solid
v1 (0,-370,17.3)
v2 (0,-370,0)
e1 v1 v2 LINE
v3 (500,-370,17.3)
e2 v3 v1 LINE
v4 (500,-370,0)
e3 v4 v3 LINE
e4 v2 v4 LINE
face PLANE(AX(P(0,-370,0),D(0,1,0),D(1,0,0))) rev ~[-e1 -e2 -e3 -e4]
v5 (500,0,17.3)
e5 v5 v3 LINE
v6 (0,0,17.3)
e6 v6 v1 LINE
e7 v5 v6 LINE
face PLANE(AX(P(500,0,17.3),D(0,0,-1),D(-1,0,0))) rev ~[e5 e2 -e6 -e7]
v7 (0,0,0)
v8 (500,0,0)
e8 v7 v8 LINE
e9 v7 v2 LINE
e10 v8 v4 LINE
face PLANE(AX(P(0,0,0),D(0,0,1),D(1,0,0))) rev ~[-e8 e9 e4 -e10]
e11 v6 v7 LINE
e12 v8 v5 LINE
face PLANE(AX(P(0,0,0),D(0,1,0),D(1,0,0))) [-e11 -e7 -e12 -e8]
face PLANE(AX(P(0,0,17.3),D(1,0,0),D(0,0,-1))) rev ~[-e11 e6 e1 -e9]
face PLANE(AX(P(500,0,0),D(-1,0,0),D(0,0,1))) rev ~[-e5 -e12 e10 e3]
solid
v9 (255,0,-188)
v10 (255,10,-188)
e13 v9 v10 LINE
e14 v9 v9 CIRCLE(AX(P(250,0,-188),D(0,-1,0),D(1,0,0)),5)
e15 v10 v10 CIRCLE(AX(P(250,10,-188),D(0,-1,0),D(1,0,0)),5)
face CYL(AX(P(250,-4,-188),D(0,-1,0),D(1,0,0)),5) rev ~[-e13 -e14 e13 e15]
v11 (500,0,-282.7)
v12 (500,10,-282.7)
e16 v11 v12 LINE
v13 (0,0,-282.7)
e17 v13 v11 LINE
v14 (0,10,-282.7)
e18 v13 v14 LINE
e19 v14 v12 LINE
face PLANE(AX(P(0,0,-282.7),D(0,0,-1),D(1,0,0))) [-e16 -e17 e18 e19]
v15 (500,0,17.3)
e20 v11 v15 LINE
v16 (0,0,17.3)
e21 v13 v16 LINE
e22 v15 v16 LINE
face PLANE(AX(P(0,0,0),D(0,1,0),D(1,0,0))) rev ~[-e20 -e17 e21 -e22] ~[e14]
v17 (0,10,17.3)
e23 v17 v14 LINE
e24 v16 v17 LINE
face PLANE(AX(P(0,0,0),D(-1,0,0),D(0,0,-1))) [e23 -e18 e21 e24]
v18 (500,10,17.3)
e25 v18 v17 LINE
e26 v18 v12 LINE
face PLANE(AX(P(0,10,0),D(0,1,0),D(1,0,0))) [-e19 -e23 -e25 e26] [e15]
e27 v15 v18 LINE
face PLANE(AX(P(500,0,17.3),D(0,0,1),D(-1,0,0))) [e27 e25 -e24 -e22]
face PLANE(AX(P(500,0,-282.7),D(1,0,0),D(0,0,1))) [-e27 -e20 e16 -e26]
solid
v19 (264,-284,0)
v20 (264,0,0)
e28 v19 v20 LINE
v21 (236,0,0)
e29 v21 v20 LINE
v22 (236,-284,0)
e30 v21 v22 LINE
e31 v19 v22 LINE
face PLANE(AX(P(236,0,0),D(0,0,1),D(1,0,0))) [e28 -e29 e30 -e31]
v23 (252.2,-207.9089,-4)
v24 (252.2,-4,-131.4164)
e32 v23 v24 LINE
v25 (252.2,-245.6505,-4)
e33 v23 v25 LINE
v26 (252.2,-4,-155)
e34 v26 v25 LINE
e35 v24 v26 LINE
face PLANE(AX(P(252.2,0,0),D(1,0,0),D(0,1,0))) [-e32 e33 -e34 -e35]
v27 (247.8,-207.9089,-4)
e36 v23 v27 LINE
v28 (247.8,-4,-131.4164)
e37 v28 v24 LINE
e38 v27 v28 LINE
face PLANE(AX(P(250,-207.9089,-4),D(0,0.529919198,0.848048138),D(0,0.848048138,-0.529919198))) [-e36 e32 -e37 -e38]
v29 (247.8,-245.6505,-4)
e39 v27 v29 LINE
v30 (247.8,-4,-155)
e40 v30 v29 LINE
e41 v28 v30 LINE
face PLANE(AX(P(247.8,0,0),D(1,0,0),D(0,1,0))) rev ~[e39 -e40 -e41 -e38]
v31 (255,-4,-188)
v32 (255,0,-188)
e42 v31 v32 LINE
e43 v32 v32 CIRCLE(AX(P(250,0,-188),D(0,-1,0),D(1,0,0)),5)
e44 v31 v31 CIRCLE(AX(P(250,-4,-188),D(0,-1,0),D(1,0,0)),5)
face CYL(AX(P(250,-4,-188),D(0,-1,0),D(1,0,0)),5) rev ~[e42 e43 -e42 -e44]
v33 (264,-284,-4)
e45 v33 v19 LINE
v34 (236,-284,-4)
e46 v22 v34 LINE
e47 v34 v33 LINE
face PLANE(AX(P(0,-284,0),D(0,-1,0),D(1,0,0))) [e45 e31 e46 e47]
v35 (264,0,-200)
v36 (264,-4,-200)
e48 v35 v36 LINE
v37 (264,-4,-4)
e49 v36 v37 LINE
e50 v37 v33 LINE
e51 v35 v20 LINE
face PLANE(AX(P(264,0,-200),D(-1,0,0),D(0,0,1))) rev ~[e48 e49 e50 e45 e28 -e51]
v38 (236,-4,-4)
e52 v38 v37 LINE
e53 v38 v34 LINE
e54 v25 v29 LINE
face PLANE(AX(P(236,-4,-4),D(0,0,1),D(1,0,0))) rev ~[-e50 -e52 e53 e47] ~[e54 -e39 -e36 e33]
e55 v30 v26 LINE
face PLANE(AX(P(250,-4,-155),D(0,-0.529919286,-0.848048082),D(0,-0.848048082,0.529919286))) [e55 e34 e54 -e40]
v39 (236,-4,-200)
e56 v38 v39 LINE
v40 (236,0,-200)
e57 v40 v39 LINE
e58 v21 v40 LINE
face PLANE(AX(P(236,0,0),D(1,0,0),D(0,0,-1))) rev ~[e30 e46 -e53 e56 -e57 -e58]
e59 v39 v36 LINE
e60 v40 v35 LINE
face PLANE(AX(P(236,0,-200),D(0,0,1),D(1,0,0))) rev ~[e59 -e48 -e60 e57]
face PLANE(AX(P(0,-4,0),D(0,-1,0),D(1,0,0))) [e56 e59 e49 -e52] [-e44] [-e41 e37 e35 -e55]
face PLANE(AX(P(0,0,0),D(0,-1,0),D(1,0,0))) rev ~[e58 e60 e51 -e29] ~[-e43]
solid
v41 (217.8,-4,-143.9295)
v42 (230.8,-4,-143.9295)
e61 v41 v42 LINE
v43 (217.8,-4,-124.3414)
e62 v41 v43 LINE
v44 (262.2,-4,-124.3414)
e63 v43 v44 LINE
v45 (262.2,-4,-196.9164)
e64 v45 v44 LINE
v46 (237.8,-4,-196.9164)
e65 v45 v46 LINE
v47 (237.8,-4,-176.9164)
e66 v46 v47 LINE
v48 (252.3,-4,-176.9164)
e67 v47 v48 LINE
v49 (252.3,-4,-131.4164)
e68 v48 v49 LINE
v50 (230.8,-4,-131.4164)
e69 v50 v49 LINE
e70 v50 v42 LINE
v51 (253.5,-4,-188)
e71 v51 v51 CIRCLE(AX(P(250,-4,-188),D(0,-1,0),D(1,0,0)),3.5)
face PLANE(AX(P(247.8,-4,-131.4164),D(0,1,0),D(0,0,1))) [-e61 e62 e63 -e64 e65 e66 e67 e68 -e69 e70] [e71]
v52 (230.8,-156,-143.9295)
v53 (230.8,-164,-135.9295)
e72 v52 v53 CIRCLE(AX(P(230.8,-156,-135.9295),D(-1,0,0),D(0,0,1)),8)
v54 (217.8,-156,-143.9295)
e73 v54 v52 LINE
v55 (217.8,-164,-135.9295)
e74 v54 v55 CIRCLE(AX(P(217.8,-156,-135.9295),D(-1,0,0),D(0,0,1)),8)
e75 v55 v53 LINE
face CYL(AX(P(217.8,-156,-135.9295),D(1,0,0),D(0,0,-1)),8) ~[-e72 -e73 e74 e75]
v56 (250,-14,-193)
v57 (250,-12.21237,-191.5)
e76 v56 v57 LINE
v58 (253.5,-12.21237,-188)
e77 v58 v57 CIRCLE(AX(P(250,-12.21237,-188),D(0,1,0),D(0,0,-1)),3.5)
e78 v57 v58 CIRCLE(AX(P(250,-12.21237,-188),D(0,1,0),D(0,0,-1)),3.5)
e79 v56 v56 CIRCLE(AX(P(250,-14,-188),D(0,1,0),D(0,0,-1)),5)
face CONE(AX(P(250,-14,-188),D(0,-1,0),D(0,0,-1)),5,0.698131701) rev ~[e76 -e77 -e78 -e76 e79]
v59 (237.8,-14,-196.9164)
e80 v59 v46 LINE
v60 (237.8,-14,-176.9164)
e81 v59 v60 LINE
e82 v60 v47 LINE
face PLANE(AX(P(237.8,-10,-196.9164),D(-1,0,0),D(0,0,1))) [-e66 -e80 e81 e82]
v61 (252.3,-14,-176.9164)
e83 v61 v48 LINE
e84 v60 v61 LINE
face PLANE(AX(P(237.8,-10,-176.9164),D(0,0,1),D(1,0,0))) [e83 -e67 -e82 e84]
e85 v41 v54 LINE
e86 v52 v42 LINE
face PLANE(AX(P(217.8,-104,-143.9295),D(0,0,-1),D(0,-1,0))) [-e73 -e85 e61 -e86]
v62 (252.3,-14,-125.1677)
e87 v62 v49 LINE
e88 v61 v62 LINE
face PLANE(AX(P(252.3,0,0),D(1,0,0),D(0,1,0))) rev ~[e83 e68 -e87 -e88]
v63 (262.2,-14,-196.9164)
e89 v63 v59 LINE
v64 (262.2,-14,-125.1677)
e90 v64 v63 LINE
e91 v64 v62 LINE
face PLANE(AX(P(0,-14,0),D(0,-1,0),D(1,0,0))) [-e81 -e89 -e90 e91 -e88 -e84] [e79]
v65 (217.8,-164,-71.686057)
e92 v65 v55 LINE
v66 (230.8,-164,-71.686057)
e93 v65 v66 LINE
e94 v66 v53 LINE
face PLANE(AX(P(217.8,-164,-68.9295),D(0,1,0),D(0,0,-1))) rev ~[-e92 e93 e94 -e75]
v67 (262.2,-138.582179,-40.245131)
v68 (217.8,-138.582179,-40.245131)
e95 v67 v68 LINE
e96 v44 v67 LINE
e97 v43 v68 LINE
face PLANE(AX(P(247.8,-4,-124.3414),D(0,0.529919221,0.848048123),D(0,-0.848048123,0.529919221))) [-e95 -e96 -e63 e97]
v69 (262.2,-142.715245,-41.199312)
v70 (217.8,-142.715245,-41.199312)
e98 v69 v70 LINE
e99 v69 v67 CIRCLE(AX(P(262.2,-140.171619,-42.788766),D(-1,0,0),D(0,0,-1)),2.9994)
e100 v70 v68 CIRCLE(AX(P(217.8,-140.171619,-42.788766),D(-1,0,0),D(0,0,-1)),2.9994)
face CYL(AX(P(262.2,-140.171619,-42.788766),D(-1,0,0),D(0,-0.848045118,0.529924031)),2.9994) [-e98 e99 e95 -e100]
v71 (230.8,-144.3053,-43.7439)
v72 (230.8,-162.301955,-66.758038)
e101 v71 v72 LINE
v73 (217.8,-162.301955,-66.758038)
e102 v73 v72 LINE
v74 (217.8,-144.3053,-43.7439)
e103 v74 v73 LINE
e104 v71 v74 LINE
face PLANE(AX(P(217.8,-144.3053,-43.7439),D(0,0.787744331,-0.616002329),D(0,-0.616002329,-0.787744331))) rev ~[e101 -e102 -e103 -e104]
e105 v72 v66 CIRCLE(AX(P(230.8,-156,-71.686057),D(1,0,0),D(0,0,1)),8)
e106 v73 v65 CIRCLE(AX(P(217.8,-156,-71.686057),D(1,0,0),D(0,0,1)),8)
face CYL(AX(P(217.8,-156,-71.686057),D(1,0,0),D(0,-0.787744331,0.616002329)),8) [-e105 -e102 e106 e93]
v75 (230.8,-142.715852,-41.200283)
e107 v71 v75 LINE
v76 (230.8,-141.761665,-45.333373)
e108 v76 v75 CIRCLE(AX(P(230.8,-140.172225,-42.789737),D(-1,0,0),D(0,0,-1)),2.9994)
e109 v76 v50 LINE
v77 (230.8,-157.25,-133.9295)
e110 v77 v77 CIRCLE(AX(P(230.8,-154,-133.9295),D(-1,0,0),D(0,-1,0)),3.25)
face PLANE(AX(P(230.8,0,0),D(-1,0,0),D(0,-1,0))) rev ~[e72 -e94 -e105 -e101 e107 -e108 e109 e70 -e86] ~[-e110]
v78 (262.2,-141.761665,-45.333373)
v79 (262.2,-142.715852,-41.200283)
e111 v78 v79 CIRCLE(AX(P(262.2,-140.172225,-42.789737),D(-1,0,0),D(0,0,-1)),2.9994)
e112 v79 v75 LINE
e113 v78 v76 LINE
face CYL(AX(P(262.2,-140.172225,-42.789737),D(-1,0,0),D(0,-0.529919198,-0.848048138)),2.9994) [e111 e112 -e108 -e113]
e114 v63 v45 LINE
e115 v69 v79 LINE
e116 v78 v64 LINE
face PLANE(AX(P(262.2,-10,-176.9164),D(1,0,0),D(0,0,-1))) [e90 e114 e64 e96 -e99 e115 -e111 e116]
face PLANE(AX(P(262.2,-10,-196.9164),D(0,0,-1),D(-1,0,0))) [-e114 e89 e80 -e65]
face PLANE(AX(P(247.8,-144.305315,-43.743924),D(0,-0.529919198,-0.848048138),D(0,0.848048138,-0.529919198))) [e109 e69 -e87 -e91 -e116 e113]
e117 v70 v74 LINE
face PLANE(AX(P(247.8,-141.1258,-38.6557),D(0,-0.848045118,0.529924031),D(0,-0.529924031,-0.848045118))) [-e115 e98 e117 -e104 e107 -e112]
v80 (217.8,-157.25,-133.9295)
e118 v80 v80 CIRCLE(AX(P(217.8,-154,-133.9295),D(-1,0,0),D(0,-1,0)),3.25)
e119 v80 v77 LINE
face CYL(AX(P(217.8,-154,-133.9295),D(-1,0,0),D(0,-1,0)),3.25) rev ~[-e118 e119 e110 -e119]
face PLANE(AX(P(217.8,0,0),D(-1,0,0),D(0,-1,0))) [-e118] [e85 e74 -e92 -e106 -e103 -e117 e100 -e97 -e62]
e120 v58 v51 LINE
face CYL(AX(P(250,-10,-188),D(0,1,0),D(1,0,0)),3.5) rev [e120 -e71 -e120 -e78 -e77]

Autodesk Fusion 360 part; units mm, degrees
sketch "Sketch1" plane through (0, 0, 0) normal (0, 1, 0) x (1, 0, 0) in component "Shelf"
  line L0 (0, 0) -> (500, 0)
  line L1 (500, 0) -> (500, -17.3)
  line L2 (500, -17.3) -> (0, -17.3)
  line L3 (0, -17.3) -> (0, 0)
  line L4 (0, -17.3) -> (0, 282.7)
  line L5 (0, 282.7) -> (500, 282.7)
  line L6 (500, 282.7) -> (500, -17.3)
  dimension "d1" = 500
  dimension "d2" = 17.3
  dimension "d5" = 300
extrude "Extrude1" add sketch "Sketch1" against normal blind 370 contours L0 L1 L2 L3 L4 L6 makes body 1 in component "Shelf"
extrude "Extrude2" add sketch "Sketch1" along normal blind 10 separate body makes body 2 in component "Shelf"
sketch "Sketch2" plane through (0, 0, 0) normal (0, -1, 0) x (1, 0, 0) in component "Shelf"
  line L0 (0, -282.7) -> (500, -282.7)
  line L1 (500, -282.7) -> (500, 17.3)
  line L2 (500, 17.3) -> (0, 17.3)
  line L3 (0, 17.3) -> (0, -282.7)
  line L4 (0, 0) -> (500, 0)
  line L5 (500, 0) -> (0, 0)
  line L6 (236, 0) -> (236, -200)
  line L7 (236, -200) -> (264, -200)
  line L8 (264, -200) -> (264, 0)
  line L9 (250, -200) -> (250, 200) construction
  dimension "d8" = 200
  dimension "d9" = 28
extrude "Extrude3" add sketch "Sketch2" along normal blind 4 separate body contours L4 L5 L6 L7 L8 makes body 3 in component "Shelf"
sketch "Sketch3" plane through (0, -4, 0) normal (0, -1, 0) x (1, 0, 0) in component "Shelf"
  line L0 (264, -200) -> (264, 0)
  line L1 (264, 0) -> (236, 0)
  line L2 (236, 0) -> (236, -200)
  line L3 (236, -200) -> (264, -200)
  line L4 (236, -4) -> (264, -4)
  dimension "d12" = 4
extrude "Extrude4" add sketch "Sketch3" along normal blind 280 contours L0 L1 L2 L4 bodies 3 in component "Shelf"
ref_plane "WorkPlane1" through (250, 0, 0) normal (1, 0, 0) x (0, 1, 0) in component "Shelf"
sketch "Sketch4" plane through (250, 0, 0) normal (1, 0, 0) x (0, 1, 0) in component "Shelf"
  line L0 (-4, -155) -> (-245.6505, -4)
  line L1 (-4, -4) -> (-284, -4)
  line L2 (-4, -4) -> (-4, -200)
  line L3 (-4, -155) -> (-186.4554, -155) construction
  line L4 (0, 0) -> (-370, 0) construction
  line L5 (-207.9089, -4) -> (-4, -131.4164)
  line L6 (-4, -131.4164) -> (-4, -155)
  line L7 (-207.9089, -4) -> (-245.6505, -4)
  dimension "d16" = 32
  dimension "d17" = 155
  dimension "d19" = 20
extrude "Extrude5" add sketch "Sketch4" along normal mid plane 4.4 contours L0 L1 L2 L5 L6 L7 bodies 3 in component "Shelf"
sketch "Sketch1 (2)" plane through (247.8, 0, 0) normal (-1, 0, 0) x (0, -1, 0) in component "Mount"
  line L0 (207.9089, -4) -> (4, -131.4164)
  line L1 (4, -131.4164) -> (4, -155)
  line L2 (4, -155) -> (245.6505, -4)
  line L3 (245.6505, -4) -> (207.9089, -4)
  line L4 (0, 0) -> (0, -200)
  line L5 (0, -200) -> (4, -200)
  line L6 (4, -200) -> (4, -4)
  line L7 (4, -4) -> (284, -4)
  line L8 (284, -4) -> (284, 0)
  line L9 (284, 0) -> (0, 0)
  line L10 (4, -124.3414) -> (141.1258, -38.6557)
  line L11 (141.1258, -38.6557) -> (144.3053, -43.7439)
  dimension "d22" = 75
  dimension "d23" = 6
sketch "Sketch5" plane through (0, -4, 0) normal (0, -1, 0) x (1, 0, 0) in component "Shelf"
  line L0 (247.8, -155) -> (247.8, -131.4164)
  line L1 (247.8, -131.4164) -> (252.2, -131.4164)
  line L2 (252.2, -131.4164) -> (252.2, -155)
  line L3 (252.2, -155) -> (247.8, -155)
  line L4 (264, -4) -> (236, -4)
  line L5 (236, -4) -> (236, -200)
  line L6 (236, -200) -> (264, -200)
  line L7 (264, -200) -> (264, -4)
  circle A0 centre (250, -188) radius 5
  line L8 (250, -155) -> (250, -197.5396) construction
  dimension "d31" = 10
  dimension "d32" = 33
extrude "Extrude5'" add sketch "Sketch1 (2)" against normal blind 14.4 separate body contours L0 L6 L10 L11 makes body 4 in component "Mount"
sketch "Sketch6" plane through (262.2, 0, 0) normal (1, 0, 0) x (0, 1, 0) in component "Mount"
  line L0 (-4, -124.3414) -> (-141.1258, -38.6557)
  line L1 (-141.1258, -38.6557) -> (-144.3053, -43.7439)
  line L2 (-144.3053, -43.7439) -> (-4, -131.4164)
  line L3 (-4, -131.4164) -> (-4, -124.3414)
  line L4 (-4, -131.4164) -> (-4, -156.4164)
  line L5 (-4, -155) -> (-245.6505, -4)
  line L6 (-14, -148.7513) -> (-14, -176.9164)
  line L7 (-4, -200) -> (-4, -4)
  line L8 (-14, -176.9164) -> (-4, -176.9164)
  line L9 (-14, -148.7513) -> (-14, -125.1677)
  line L10 (-144.3053, -43.7439) -> (-155.9635, -62.401)
  line L11 (-155.9635, -62.401) -> (-14, -151.1097)
  dimension "d43" = 25
  dimension "d44" = 10
  dimension "d46" = 20.5
  dimension "d79" = 22
extrude "Extrude6" add sketch "Sketch6" against normal blind 9.9 contours L2 L4 L5 L7 L9 | L4 L5 L6 L7 L8 bodies 4 in component "Mount"
sketch "Sketch7" plane through (0, -4, 0) normal (0, -1, 0) x (1, 0, 0) in component "Mount"
  line L0 (247.8, -155) -> (247.8, -131.4164)
  line L1 (247.8, -131.4164) -> (252.2, -131.4164)
  line L2 (252.2, -131.4164) -> (252.2, -155)
  line L3 (252.2, -155) -> (247.8, -155)
  line L4 (264, -4) -> (236, -4)
  line L5 (236, -4) -> (236, -200)
  line L6 (236, -200) -> (264, -200)
  line L7 (264, -200) -> (264, -4)
  circle A0 centre (250, -188) radius 3.5
  line L8 (250, -155) -> (250, -238.8329) construction
  line L9 (262.2, -176.9164) -> (252.3, -176.9164)
  line L10 (262.2, -176.9164) -> (262.2, -196.9164)
  line L11 (262.2, -196.9164) -> (237.8, -196.9164)
  line L12 (237.8, -196.9164) -> (237.8, -176.9164)
  line L13 (237.8, -176.9164) -> (252.3, -176.9164)
  dimension "d49" = 7
  dimension "d50" = 33
  dimension "d51" = 20
extrude "Extrude7" add sketch "Sketch7" along normal blind 6 contours L9 L10 L11 L12 L13 bodies 4 in component "Mount"
extrude "Extrude8" add 1 faces at (247.8, -50.7684, -99.8339) along direction (-1, 0, 0) blind 30 on bodies 4 bodies 4 in component "Mount"
sketch "Sketch8" plane through (217.8, 0, 0) normal (-1, 0, 0) x (0, -1, 0) in component "Mount"
  line L0 (141.1258, -38.6557) -> (4, -124.3414)
  line L1 (4, -124.3414) -> (4, -131.4164)
  line L2 (4, -131.4164) -> (144.3053, -43.7439)
  line L3 (144.3053, -43.7439) -> (141.1258, -38.6557)
  line L4 (104, -68.9295) -> (204, -68.9295) construction
  line L5 (104, -68.9295) -> (164, -68.9295)
  line L6 (164, -68.9295) -> (164, -143.9295)
  line L7 (104, -68.9295) -> (104, -143.9295)
  line L8 (104, -143.9295) -> (164, -143.9295)
  line L9 (154, -68.9295) -> (154, -165.7492) construction
  line L10 (4, -4) -> (4, -200)
  circle A0 centre (154, -133.9295) radius 3.25
  line L11 (144.3053, -43.7439) -> (164, -68.9295)
  line L12 (4, -131.4164) -> (4, -143.9295)
  line L13 (4, -143.9295) -> (104, -143.9295)
  dimension "d56" = 100
  dimension "d57" = 60
  dimension "d58" = 75
  dimension "d59" = 50
  dimension "d60" = 100
  dimension "d61" = 6.5
  dimension "d63" = 65
extrude "Extrude9" add sketch "Sketch8" against normal blind 13 contours L2 L5 L11 | L2 L7 L10 L12 L13 | L5 L6 L7 L8 bodies 4 in component "Mount"
extrude "Extrude10" add 1 faces at (259.287, -10, -187.1037) along direction (0, -1, 0) blind 4 on bodies 4 bodies 4 in component "Mount"
hole "Hole1" at (250, -14, -188) direction (0, 1, 0) diameter 7 depth 10 tip angle 118 countersink diameter 10 countersink angle 80 bodies 4 in component "Mount"
fillet "Fillet1" radius 8 2 edges at (224.3, -164, -68.9295) (224.3, -164, -143.9295) on bodies 4 in component "Mount"
fillet "Fillet2" radius 3 2 edges at (240, -141.1258, -38.6557) (246.5, -144.3053, -43.7439) on bodies 4 in component "Mount"
extrude "Extrude6'" cut sketch "Sketch5" against normal blind 80 contours A0 bodies 2 3 in component "Shelf"
component "Shelf" placed x (1, 0, 0) y (0, 1, 0) z (0, 0, 1) at (0, 0, 0)
component "Mount" placed x (1, 0, 0) y (0, 1, 0) z (0, 0, 1) at (0, 0, 0)
